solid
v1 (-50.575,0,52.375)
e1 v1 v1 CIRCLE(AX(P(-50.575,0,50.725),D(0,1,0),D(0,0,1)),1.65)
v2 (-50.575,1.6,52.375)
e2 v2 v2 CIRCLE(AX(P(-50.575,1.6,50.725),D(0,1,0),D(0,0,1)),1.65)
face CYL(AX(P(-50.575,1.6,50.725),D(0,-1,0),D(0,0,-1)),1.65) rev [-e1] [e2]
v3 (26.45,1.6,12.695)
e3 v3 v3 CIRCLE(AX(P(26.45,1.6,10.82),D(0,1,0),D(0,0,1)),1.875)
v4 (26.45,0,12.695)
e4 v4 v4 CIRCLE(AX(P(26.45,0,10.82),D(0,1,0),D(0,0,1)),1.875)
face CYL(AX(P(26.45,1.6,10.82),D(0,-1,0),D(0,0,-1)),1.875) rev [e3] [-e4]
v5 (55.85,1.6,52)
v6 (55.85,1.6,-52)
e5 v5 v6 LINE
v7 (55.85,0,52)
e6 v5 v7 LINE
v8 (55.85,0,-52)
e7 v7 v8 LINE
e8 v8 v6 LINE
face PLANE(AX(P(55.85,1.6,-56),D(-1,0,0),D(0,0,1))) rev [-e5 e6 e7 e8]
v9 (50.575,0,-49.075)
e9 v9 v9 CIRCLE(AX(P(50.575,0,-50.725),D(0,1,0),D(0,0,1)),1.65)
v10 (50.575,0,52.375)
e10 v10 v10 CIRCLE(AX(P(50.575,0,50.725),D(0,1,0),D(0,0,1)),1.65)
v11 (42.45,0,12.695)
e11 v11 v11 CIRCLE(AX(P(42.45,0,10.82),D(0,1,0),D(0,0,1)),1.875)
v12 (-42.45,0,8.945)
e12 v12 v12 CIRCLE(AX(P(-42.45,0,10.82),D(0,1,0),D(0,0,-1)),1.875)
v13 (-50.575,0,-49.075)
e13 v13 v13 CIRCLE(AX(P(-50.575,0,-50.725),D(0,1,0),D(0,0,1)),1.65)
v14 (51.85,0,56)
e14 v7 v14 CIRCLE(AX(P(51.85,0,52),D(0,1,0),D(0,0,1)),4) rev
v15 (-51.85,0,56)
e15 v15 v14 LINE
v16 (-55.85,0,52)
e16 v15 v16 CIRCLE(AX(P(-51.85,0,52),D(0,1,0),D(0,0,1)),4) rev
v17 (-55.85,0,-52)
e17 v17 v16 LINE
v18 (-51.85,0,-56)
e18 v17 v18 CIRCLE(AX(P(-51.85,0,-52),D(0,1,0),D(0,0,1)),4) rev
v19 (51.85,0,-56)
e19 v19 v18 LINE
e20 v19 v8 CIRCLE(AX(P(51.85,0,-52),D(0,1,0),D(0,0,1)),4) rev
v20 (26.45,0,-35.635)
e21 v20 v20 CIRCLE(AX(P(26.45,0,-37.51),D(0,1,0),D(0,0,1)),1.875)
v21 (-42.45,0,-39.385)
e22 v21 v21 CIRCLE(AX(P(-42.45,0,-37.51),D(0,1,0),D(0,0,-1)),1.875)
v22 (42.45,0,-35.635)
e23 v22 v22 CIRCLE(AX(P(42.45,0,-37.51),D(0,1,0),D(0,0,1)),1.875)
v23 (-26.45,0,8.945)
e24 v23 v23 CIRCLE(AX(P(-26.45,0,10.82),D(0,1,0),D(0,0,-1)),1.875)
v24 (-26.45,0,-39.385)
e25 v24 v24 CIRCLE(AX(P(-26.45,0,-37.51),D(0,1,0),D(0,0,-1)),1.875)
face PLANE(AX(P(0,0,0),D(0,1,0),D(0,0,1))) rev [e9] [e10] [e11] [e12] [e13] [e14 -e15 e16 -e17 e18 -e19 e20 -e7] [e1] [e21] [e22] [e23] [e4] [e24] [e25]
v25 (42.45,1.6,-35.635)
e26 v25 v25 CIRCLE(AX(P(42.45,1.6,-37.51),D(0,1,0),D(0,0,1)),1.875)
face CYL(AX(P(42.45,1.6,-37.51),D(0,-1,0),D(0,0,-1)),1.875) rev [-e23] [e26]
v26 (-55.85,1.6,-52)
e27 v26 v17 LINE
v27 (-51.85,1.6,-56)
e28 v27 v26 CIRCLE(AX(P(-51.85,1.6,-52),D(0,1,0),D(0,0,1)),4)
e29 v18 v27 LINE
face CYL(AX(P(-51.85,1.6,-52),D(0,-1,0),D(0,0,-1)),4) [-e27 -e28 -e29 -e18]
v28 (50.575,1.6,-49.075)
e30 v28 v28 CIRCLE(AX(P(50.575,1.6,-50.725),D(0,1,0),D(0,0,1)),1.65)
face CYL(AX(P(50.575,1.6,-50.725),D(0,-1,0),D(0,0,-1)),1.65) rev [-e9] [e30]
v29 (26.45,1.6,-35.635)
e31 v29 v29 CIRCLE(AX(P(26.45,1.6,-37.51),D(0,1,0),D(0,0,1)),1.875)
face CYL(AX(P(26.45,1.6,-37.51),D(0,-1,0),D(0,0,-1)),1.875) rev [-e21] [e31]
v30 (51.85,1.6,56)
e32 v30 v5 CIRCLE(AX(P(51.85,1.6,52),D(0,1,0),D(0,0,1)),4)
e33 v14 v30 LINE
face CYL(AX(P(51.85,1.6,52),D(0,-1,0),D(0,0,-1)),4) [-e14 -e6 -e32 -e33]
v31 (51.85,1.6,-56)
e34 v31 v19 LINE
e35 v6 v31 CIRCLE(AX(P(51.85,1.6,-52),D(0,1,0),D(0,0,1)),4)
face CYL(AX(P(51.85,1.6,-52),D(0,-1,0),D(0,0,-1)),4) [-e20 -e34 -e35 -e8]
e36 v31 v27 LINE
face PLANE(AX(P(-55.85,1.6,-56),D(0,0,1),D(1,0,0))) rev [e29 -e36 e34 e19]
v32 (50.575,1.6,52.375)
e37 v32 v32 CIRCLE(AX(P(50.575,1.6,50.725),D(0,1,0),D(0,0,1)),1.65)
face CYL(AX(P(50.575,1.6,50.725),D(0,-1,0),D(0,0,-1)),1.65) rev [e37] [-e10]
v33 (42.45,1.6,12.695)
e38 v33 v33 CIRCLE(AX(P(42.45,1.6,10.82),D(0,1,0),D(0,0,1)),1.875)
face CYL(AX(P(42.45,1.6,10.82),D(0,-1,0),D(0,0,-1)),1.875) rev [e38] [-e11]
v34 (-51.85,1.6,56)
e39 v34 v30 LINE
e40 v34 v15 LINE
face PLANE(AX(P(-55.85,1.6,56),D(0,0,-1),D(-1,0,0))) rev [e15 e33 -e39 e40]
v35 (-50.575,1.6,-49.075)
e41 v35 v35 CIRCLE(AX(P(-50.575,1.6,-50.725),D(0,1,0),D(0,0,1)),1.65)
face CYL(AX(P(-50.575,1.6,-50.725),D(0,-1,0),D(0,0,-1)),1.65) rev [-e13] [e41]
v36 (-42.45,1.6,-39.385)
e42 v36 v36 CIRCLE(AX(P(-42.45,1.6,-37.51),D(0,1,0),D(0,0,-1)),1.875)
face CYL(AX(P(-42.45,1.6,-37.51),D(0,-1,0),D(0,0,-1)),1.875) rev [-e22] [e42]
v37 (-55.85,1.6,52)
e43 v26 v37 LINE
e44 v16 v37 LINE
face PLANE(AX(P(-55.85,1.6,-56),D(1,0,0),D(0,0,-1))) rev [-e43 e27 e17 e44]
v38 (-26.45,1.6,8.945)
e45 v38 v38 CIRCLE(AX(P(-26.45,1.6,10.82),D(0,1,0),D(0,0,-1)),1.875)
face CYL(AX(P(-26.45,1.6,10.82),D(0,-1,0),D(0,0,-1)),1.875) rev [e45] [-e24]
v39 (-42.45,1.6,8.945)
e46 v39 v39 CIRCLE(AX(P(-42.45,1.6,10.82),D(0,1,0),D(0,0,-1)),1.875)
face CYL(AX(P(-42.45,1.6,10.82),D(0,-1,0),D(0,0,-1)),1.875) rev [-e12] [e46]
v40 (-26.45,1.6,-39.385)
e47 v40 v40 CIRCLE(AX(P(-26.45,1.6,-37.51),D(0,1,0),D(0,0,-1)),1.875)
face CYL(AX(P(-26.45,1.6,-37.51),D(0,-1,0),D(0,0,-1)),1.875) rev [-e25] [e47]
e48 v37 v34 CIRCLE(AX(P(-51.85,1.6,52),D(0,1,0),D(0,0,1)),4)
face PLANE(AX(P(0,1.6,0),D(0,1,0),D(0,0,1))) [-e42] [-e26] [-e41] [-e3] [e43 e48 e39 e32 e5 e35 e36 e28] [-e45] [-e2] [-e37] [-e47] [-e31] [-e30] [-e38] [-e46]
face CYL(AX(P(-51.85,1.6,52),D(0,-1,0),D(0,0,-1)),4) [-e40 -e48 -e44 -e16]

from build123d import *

# Parameters (mm, degrees)
SKETCH1_W           = 111.7
SKETCH1_H           = 112
SKETCH1_R           = 1.65
SKETCH1_R_2         = 1.875
BOSS_EXTRUDE1_DEPTH = 1.6
FILLET1_R           = 4


with BuildPart() as part:
    # Sketch1 → Boss-Extrude1 (new body)
    with BuildSketch(Plane(origin=(0, 0, 0), x_dir=(1, 0, 0), z_dir=(0, 1, 0))):
        Rectangle(SKETCH1_W, SKETCH1_H)
        with Locations((-50.575, 50.725)):
            Circle(SKETCH1_R, mode=Mode.SUBTRACT)
        with Locations((-50.575, -50.725)):
            Circle(SKETCH1_R, mode=Mode.SUBTRACT)
        with Locations((50.575, 50.725)):
            Circle(SKETCH1_R, mode=Mode.SUBTRACT)
        with Locations((50.575, -50.725)):
            Circle(SKETCH1_R, mode=Mode.SUBTRACT)
        with Locations((26.45, -10.82)):
            Circle(SKETCH1_R_2, mode=Mode.SUBTRACT)
        with Locations((42.45, -10.82)):
            Circle(SKETCH1_R_2, mode=Mode.SUBTRACT)
        with Locations((42.45, 37.51)):
            Circle(SKETCH1_R_2, mode=Mode.SUBTRACT)
        with Locations((26.45, 37.51)):
            Circle(SKETCH1_R_2, mode=Mode.SUBTRACT)
        with Locations((-42.45, -10.82)):
            Circle(SKETCH1_R_2, mode=Mode.SUBTRACT)
        with Locations((-26.45, -10.82)):
            Circle(SKETCH1_R_2, mode=Mode.SUBTRACT)
        with Locations((-42.45, 37.51)):
            Circle(SKETCH1_R_2, mode=Mode.SUBTRACT)
        with Locations((-26.45, 37.51)):
            Circle(SKETCH1_R_2, mode=Mode.SUBTRACT)
    extrude(amount=BOSS_EXTRUDE1_DEPTH)

    # Fillet1
    fillet1_edges = [part.edges().sort_by_distance(p)[0] for p in [
        (55.85, 0.8, 56),
        (-55.85, 0.8, 56),
        (-55.85, 0.8, -56),
        (55.85, 0.8, -56),
    ]]
    fillet(fillet1_edges, radius=FILLET1_R)


solid = part.part
